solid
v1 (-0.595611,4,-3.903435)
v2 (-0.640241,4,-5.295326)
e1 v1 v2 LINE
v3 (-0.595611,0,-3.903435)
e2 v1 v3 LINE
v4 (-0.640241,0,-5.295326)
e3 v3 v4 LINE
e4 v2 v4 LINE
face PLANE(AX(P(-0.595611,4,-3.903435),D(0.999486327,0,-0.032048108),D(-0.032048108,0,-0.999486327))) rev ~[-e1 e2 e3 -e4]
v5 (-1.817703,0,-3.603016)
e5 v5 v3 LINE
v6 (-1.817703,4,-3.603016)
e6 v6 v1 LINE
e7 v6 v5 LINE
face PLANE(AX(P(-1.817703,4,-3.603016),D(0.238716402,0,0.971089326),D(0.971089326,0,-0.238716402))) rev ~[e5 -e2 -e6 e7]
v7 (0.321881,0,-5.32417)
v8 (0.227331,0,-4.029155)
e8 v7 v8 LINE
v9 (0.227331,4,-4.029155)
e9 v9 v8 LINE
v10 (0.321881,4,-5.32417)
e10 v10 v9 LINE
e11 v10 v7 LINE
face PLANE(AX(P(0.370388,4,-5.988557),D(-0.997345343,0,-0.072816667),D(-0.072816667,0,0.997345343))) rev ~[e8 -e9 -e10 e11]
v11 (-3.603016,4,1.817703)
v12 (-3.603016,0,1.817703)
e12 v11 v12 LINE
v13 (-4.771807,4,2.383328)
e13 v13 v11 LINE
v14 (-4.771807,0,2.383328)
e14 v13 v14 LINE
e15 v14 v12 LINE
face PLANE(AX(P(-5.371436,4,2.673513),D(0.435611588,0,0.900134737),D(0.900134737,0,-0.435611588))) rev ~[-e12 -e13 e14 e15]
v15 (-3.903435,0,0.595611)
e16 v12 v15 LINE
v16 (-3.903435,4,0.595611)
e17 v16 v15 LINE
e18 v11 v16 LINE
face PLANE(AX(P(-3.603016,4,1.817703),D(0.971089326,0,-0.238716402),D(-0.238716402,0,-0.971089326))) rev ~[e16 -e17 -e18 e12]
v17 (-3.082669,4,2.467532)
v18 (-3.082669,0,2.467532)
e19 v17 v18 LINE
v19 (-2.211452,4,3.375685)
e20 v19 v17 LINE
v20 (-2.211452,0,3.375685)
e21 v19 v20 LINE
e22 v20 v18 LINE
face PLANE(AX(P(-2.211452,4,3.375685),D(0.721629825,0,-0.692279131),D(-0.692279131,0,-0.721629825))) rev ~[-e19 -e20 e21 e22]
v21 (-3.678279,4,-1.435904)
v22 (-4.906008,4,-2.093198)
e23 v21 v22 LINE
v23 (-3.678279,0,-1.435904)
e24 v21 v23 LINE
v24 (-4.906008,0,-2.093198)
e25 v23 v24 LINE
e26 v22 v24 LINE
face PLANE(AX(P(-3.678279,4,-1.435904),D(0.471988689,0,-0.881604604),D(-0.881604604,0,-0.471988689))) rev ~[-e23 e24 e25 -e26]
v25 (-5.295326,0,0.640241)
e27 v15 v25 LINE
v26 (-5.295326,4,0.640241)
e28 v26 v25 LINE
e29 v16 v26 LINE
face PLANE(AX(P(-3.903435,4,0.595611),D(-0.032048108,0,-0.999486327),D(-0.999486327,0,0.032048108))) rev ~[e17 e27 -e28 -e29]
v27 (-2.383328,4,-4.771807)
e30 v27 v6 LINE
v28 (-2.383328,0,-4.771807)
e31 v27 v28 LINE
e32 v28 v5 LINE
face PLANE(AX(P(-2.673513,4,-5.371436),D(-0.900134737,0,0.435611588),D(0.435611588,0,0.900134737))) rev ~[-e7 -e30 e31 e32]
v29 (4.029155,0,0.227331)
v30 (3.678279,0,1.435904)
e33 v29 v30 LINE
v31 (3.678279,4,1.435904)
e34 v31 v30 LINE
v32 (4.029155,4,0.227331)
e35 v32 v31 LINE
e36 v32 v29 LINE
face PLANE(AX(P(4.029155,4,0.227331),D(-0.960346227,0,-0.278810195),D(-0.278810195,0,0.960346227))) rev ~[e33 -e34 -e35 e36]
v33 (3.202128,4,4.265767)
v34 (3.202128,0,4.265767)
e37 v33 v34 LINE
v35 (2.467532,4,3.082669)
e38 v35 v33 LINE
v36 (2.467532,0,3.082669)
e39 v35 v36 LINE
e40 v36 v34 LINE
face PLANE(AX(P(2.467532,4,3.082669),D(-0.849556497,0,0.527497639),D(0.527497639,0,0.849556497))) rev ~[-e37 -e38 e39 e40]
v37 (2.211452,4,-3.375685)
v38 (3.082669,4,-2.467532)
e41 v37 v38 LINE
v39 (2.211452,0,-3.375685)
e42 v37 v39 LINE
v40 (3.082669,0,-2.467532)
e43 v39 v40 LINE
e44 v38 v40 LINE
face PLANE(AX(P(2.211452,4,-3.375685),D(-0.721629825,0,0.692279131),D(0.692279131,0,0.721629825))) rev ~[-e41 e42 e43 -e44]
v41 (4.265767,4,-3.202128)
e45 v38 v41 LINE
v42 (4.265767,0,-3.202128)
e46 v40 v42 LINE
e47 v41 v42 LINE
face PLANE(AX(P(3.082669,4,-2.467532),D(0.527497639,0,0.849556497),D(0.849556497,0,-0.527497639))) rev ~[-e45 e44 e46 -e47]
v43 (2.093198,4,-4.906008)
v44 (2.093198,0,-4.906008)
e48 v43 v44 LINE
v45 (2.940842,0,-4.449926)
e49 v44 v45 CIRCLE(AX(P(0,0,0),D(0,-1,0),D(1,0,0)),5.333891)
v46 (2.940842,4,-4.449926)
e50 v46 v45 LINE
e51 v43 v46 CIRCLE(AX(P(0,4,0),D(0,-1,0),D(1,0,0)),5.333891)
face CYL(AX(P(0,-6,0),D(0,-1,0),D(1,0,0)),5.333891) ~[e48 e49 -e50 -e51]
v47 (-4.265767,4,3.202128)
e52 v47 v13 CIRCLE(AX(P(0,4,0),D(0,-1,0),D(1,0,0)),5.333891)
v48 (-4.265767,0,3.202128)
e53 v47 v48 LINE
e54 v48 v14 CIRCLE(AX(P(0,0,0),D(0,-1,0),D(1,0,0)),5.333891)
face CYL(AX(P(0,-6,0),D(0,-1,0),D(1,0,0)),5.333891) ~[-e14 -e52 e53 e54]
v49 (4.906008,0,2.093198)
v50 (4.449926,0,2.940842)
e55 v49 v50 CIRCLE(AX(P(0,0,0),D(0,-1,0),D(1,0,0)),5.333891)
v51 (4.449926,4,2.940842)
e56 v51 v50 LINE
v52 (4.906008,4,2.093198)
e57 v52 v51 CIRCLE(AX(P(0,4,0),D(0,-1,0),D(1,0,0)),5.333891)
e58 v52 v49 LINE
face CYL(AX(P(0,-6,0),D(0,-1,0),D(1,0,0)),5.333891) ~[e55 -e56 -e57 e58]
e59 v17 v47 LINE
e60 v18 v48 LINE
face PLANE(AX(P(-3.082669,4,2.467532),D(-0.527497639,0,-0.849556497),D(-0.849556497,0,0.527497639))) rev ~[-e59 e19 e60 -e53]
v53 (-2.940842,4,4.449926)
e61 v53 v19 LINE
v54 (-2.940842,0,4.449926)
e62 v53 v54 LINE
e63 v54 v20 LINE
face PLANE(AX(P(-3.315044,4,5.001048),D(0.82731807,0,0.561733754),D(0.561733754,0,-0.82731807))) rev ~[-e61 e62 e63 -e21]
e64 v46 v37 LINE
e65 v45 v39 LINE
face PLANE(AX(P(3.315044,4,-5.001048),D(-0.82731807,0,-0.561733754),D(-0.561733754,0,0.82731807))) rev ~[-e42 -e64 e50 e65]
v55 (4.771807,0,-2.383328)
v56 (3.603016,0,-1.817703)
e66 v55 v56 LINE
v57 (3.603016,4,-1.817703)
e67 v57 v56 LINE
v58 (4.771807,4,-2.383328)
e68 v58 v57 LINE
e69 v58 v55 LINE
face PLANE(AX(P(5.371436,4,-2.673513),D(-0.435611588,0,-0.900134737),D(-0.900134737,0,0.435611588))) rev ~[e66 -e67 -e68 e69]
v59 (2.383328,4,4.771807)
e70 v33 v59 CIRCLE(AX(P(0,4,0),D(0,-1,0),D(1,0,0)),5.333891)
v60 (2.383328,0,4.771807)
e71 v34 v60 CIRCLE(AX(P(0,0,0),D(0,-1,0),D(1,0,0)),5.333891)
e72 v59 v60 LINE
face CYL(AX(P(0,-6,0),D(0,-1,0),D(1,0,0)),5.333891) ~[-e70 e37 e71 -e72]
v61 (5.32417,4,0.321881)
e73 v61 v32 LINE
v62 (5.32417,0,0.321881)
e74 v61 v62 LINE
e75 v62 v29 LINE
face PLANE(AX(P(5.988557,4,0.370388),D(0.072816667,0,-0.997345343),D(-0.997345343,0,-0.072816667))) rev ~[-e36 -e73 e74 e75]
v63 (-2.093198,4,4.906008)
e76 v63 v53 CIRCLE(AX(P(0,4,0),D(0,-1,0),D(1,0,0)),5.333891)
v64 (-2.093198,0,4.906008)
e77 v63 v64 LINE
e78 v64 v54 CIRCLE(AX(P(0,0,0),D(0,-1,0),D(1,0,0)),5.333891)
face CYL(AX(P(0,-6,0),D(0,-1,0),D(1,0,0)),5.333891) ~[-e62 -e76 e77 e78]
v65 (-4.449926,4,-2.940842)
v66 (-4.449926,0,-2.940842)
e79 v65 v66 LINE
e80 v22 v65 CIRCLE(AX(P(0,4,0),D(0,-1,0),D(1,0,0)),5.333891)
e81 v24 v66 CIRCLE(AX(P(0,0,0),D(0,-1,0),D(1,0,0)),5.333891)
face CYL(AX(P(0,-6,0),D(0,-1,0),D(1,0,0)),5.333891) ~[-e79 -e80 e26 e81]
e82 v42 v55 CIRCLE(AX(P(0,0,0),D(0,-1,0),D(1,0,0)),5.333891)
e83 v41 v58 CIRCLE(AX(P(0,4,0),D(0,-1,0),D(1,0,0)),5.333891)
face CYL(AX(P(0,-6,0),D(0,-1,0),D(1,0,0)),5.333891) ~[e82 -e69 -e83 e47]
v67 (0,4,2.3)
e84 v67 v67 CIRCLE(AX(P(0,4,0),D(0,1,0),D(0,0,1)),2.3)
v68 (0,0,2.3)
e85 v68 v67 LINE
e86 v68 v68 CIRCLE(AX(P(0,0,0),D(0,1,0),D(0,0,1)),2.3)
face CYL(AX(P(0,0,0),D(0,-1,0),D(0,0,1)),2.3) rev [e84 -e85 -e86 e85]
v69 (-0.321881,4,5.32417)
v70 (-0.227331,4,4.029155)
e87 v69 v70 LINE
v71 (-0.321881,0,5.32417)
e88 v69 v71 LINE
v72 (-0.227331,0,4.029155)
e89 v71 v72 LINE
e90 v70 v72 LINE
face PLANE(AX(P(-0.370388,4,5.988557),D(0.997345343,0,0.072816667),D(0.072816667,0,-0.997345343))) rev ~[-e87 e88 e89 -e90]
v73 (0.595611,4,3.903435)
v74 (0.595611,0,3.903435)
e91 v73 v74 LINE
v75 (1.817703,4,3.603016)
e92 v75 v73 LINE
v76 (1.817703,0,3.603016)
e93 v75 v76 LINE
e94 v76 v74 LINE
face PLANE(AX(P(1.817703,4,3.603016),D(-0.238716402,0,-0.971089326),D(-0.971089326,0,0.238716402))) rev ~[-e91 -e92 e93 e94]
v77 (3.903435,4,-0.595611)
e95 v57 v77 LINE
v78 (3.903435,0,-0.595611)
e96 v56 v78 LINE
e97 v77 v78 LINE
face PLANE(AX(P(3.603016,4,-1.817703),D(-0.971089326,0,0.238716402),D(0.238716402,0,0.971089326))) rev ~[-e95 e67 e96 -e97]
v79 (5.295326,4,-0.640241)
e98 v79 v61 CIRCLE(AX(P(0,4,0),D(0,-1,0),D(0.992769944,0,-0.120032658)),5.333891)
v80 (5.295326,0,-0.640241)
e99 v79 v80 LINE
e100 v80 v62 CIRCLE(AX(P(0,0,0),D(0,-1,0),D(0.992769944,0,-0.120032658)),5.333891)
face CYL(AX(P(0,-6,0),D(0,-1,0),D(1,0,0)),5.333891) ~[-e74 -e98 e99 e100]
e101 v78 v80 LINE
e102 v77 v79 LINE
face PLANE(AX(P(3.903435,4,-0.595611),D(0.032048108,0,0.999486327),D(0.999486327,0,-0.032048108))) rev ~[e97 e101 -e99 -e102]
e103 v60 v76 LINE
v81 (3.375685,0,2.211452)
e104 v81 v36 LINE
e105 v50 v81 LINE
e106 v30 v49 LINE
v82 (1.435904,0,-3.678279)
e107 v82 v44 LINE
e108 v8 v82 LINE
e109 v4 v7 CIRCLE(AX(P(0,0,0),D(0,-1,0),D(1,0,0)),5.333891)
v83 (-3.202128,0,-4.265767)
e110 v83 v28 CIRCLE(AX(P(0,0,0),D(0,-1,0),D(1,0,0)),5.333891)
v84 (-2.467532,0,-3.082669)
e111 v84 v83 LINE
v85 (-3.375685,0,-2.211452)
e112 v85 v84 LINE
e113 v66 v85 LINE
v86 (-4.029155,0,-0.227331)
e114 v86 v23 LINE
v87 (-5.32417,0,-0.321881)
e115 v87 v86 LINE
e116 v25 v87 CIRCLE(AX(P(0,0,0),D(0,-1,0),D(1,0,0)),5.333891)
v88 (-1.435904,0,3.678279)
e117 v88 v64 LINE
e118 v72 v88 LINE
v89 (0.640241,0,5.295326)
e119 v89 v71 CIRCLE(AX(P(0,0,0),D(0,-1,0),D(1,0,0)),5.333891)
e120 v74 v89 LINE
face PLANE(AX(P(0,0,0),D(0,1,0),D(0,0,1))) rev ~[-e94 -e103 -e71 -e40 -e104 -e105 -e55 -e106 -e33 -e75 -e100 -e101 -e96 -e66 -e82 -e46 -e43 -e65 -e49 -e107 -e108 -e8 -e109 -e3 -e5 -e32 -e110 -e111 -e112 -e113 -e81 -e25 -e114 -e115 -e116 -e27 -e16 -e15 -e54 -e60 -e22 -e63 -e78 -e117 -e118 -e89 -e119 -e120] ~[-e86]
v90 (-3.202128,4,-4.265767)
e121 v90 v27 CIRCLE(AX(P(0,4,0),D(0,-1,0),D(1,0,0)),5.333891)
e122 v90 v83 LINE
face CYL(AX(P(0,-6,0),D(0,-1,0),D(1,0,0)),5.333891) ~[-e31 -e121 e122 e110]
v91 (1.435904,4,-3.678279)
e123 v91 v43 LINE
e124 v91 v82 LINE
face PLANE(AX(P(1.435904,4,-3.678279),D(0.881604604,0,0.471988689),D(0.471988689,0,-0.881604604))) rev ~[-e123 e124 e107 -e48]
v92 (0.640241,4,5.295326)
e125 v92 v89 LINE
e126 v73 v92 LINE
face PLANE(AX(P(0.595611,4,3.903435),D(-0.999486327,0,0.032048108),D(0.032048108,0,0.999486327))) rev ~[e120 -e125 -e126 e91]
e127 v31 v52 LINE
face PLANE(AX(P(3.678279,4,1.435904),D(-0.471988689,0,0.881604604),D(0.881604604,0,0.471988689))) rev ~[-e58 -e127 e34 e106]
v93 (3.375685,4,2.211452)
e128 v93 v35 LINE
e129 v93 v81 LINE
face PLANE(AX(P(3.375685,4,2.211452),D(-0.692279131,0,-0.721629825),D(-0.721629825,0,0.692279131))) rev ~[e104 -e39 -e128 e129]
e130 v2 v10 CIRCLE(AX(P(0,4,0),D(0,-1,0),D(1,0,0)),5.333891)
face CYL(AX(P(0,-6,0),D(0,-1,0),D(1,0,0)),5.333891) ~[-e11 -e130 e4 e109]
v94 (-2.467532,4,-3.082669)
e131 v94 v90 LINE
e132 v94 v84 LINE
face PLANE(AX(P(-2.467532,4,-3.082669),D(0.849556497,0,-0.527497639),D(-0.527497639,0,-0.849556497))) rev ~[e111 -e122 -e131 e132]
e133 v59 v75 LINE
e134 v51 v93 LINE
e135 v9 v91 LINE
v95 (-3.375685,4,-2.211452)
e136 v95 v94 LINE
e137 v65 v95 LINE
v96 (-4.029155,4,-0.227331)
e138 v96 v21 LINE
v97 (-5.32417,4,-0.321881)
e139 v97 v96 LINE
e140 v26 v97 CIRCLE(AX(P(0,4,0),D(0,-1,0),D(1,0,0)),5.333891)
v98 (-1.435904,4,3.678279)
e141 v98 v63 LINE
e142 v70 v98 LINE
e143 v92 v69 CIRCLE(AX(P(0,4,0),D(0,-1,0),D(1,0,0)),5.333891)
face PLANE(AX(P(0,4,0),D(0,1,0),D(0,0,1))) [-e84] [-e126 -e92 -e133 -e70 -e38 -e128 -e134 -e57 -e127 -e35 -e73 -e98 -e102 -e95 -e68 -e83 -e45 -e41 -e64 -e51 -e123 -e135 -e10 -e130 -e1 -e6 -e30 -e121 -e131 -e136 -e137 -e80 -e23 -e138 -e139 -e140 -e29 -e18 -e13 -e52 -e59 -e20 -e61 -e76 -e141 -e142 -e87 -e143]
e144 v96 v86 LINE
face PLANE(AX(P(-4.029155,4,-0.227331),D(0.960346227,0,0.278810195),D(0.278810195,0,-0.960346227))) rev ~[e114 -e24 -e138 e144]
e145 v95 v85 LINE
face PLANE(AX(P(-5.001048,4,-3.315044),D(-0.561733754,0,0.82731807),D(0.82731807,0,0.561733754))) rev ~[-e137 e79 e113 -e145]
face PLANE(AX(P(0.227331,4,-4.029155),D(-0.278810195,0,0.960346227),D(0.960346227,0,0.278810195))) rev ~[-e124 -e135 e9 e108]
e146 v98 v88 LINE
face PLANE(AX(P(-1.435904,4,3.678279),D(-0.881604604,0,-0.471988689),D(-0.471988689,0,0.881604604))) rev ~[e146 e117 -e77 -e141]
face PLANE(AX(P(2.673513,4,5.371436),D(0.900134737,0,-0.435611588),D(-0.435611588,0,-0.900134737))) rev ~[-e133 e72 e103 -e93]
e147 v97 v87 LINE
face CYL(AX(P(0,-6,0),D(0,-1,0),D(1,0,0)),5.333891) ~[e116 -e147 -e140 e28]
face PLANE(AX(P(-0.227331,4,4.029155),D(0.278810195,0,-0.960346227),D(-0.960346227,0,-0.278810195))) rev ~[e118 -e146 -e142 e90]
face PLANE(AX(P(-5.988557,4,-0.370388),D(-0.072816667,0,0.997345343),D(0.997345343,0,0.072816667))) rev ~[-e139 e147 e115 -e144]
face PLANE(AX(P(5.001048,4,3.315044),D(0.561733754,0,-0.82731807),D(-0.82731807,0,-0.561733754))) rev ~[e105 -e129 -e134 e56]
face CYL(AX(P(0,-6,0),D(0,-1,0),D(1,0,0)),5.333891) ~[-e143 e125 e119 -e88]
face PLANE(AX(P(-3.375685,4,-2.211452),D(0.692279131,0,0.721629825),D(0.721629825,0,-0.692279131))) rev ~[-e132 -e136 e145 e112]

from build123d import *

# Parameters (mm, degrees)
ESQUISSE1_R                  = 6
ESQUISSE1_R_2                = 2.3
BOSS_EXTRU_1_DEPTH           = 4
ENL_V_MAT_EXTRU_1_DEPTH      = 4
ENL_V_MAT_EXTRU_2_DEPTH      = 10
ENL_V_MAT_EXTRU_2_DEPTH_BACK = 10
ESQUISSE3_R                  = 6.951264174
ESQUISSE3_R_2                = 5.333890826


with BuildPart() as part:
    # Esquisse1 → Boss.-Extru.1 (new body)
    with BuildSketch(Plane(origin=(0, 0, 0), x_dir=(1, 0, 0), z_dir=(0, 1, 0))):
        Circle(ESQUISSE1_R)
        Circle(ESQUISSE1_R_2, mode=Mode.SUBTRACT)
    extrude(amount=BOSS_EXTRU_1_DEPTH)

    # Esquisse2 → Enlèv. mat.-Extru.1 (cut)
    with BuildSketch(Plane(origin=(0, 4, 0), x_dir=(1, 0, 0), z_dir=(0, 1, 0))):
        Polygon((0.37038816, 5.988556805), (0.227331291, 4.029155081), (1.435903549, 3.678279264), (2.408685878, 5.495291834), (1.792659416, 6.071810959), align=None)
        Polygon((3.315043958, 5.001048246), (2.211452214, 3.375685011), (3.082668583, 2.467531511), (4.833629077, 3.55471939), (4.588394074, 4.36201283), align=None)
        Polygon((5.371436405, 2.673512847), (3.603016302, 1.817702868), (3.90343506, 0.595610681), (5.963405269, 0.661662757), (6.154672246, 1.483416885), align=None)
        Polygon((5.988556805, -0.37038816), (4.029155081, -0.227331291), (3.678279264, -1.435903549), (5.495291834, -2.408685878), (6.071810959, -1.792659416), align=None)
        Polygon((5.001048246, -3.315043958), (3.375685011, -2.211452214), (2.467531511, -3.082668583), (3.55471939, -4.833629077), (4.36201283, -4.588394074), align=None)
        Polygon((2.673512847, -5.371436405), (1.817702868, -3.603016302), (0.595610681, -3.90343506), (0.661662757, -5.963405269), (1.483416885, -6.154672246), align=None)
        Polygon((-0.37038816, -5.988556805), (-0.227331291, -4.029155081), (-1.435903549, -3.678279264), (-2.408685878, -5.495291834), (-1.792659416, -6.071810959), align=None)
        Polygon((-3.315043958, -5.001048246), (-2.211452214, -3.375685011), (-3.082668583, -2.467531511), (-4.833629077, -3.55471939), (-4.588394074, -4.36201283), align=None)
        Polygon((-5.371436405, -2.673512847), (-3.603016302, -1.817702868), (-3.90343506, -0.595610681), (-5.963405269, -0.661662757), (-6.154672246, -1.483416885), align=None)
        Polygon((-5.988556805, 0.37038816), (-4.029155081, 0.227331291), (-3.678279264, 1.435903549), (-5.495291834, 2.408685878), (-6.071810959, 1.792659416), align=None)
        Polygon((-5.001048246, 3.315043958), (-3.375685011, 2.211452214), (-2.467531511, 3.082668583), (-3.55471939, 4.833629077), (-4.36201283, 4.588394074), align=None)
        Polygon((-2.673512847, 5.371436405), (-1.817702868, 3.603016302), (-0.595610681, 3.90343506), (-0.661662757, 5.963405269), (-1.483416885, 6.154672246), align=None)
    extrude(amount=-ENL_V_MAT_EXTRU_1_DEPTH, mode=Mode.SUBTRACT)

    # Esquisse3 → Enlèv. mat.-Extru.2 (cut, two sides: drawn at the far end of the back side and taken through both)
    with BuildSketch(Plane(origin=(0, 4, 0), x_dir=(1, 0, 0), z_dir=(0, 1, 0)).offset(-ENL_V_MAT_EXTRU_2_DEPTH_BACK)):
        Circle(ESQUISSE3_R)
        Circle(ESQUISSE3_R_2, mode=Mode.SUBTRACT)
    extrude(amount=ENL_V_MAT_EXTRU_2_DEPTH + ENL_V_MAT_EXTRU_2_DEPTH_BACK, mode=Mode.SUBTRACT)


solid = part.part
